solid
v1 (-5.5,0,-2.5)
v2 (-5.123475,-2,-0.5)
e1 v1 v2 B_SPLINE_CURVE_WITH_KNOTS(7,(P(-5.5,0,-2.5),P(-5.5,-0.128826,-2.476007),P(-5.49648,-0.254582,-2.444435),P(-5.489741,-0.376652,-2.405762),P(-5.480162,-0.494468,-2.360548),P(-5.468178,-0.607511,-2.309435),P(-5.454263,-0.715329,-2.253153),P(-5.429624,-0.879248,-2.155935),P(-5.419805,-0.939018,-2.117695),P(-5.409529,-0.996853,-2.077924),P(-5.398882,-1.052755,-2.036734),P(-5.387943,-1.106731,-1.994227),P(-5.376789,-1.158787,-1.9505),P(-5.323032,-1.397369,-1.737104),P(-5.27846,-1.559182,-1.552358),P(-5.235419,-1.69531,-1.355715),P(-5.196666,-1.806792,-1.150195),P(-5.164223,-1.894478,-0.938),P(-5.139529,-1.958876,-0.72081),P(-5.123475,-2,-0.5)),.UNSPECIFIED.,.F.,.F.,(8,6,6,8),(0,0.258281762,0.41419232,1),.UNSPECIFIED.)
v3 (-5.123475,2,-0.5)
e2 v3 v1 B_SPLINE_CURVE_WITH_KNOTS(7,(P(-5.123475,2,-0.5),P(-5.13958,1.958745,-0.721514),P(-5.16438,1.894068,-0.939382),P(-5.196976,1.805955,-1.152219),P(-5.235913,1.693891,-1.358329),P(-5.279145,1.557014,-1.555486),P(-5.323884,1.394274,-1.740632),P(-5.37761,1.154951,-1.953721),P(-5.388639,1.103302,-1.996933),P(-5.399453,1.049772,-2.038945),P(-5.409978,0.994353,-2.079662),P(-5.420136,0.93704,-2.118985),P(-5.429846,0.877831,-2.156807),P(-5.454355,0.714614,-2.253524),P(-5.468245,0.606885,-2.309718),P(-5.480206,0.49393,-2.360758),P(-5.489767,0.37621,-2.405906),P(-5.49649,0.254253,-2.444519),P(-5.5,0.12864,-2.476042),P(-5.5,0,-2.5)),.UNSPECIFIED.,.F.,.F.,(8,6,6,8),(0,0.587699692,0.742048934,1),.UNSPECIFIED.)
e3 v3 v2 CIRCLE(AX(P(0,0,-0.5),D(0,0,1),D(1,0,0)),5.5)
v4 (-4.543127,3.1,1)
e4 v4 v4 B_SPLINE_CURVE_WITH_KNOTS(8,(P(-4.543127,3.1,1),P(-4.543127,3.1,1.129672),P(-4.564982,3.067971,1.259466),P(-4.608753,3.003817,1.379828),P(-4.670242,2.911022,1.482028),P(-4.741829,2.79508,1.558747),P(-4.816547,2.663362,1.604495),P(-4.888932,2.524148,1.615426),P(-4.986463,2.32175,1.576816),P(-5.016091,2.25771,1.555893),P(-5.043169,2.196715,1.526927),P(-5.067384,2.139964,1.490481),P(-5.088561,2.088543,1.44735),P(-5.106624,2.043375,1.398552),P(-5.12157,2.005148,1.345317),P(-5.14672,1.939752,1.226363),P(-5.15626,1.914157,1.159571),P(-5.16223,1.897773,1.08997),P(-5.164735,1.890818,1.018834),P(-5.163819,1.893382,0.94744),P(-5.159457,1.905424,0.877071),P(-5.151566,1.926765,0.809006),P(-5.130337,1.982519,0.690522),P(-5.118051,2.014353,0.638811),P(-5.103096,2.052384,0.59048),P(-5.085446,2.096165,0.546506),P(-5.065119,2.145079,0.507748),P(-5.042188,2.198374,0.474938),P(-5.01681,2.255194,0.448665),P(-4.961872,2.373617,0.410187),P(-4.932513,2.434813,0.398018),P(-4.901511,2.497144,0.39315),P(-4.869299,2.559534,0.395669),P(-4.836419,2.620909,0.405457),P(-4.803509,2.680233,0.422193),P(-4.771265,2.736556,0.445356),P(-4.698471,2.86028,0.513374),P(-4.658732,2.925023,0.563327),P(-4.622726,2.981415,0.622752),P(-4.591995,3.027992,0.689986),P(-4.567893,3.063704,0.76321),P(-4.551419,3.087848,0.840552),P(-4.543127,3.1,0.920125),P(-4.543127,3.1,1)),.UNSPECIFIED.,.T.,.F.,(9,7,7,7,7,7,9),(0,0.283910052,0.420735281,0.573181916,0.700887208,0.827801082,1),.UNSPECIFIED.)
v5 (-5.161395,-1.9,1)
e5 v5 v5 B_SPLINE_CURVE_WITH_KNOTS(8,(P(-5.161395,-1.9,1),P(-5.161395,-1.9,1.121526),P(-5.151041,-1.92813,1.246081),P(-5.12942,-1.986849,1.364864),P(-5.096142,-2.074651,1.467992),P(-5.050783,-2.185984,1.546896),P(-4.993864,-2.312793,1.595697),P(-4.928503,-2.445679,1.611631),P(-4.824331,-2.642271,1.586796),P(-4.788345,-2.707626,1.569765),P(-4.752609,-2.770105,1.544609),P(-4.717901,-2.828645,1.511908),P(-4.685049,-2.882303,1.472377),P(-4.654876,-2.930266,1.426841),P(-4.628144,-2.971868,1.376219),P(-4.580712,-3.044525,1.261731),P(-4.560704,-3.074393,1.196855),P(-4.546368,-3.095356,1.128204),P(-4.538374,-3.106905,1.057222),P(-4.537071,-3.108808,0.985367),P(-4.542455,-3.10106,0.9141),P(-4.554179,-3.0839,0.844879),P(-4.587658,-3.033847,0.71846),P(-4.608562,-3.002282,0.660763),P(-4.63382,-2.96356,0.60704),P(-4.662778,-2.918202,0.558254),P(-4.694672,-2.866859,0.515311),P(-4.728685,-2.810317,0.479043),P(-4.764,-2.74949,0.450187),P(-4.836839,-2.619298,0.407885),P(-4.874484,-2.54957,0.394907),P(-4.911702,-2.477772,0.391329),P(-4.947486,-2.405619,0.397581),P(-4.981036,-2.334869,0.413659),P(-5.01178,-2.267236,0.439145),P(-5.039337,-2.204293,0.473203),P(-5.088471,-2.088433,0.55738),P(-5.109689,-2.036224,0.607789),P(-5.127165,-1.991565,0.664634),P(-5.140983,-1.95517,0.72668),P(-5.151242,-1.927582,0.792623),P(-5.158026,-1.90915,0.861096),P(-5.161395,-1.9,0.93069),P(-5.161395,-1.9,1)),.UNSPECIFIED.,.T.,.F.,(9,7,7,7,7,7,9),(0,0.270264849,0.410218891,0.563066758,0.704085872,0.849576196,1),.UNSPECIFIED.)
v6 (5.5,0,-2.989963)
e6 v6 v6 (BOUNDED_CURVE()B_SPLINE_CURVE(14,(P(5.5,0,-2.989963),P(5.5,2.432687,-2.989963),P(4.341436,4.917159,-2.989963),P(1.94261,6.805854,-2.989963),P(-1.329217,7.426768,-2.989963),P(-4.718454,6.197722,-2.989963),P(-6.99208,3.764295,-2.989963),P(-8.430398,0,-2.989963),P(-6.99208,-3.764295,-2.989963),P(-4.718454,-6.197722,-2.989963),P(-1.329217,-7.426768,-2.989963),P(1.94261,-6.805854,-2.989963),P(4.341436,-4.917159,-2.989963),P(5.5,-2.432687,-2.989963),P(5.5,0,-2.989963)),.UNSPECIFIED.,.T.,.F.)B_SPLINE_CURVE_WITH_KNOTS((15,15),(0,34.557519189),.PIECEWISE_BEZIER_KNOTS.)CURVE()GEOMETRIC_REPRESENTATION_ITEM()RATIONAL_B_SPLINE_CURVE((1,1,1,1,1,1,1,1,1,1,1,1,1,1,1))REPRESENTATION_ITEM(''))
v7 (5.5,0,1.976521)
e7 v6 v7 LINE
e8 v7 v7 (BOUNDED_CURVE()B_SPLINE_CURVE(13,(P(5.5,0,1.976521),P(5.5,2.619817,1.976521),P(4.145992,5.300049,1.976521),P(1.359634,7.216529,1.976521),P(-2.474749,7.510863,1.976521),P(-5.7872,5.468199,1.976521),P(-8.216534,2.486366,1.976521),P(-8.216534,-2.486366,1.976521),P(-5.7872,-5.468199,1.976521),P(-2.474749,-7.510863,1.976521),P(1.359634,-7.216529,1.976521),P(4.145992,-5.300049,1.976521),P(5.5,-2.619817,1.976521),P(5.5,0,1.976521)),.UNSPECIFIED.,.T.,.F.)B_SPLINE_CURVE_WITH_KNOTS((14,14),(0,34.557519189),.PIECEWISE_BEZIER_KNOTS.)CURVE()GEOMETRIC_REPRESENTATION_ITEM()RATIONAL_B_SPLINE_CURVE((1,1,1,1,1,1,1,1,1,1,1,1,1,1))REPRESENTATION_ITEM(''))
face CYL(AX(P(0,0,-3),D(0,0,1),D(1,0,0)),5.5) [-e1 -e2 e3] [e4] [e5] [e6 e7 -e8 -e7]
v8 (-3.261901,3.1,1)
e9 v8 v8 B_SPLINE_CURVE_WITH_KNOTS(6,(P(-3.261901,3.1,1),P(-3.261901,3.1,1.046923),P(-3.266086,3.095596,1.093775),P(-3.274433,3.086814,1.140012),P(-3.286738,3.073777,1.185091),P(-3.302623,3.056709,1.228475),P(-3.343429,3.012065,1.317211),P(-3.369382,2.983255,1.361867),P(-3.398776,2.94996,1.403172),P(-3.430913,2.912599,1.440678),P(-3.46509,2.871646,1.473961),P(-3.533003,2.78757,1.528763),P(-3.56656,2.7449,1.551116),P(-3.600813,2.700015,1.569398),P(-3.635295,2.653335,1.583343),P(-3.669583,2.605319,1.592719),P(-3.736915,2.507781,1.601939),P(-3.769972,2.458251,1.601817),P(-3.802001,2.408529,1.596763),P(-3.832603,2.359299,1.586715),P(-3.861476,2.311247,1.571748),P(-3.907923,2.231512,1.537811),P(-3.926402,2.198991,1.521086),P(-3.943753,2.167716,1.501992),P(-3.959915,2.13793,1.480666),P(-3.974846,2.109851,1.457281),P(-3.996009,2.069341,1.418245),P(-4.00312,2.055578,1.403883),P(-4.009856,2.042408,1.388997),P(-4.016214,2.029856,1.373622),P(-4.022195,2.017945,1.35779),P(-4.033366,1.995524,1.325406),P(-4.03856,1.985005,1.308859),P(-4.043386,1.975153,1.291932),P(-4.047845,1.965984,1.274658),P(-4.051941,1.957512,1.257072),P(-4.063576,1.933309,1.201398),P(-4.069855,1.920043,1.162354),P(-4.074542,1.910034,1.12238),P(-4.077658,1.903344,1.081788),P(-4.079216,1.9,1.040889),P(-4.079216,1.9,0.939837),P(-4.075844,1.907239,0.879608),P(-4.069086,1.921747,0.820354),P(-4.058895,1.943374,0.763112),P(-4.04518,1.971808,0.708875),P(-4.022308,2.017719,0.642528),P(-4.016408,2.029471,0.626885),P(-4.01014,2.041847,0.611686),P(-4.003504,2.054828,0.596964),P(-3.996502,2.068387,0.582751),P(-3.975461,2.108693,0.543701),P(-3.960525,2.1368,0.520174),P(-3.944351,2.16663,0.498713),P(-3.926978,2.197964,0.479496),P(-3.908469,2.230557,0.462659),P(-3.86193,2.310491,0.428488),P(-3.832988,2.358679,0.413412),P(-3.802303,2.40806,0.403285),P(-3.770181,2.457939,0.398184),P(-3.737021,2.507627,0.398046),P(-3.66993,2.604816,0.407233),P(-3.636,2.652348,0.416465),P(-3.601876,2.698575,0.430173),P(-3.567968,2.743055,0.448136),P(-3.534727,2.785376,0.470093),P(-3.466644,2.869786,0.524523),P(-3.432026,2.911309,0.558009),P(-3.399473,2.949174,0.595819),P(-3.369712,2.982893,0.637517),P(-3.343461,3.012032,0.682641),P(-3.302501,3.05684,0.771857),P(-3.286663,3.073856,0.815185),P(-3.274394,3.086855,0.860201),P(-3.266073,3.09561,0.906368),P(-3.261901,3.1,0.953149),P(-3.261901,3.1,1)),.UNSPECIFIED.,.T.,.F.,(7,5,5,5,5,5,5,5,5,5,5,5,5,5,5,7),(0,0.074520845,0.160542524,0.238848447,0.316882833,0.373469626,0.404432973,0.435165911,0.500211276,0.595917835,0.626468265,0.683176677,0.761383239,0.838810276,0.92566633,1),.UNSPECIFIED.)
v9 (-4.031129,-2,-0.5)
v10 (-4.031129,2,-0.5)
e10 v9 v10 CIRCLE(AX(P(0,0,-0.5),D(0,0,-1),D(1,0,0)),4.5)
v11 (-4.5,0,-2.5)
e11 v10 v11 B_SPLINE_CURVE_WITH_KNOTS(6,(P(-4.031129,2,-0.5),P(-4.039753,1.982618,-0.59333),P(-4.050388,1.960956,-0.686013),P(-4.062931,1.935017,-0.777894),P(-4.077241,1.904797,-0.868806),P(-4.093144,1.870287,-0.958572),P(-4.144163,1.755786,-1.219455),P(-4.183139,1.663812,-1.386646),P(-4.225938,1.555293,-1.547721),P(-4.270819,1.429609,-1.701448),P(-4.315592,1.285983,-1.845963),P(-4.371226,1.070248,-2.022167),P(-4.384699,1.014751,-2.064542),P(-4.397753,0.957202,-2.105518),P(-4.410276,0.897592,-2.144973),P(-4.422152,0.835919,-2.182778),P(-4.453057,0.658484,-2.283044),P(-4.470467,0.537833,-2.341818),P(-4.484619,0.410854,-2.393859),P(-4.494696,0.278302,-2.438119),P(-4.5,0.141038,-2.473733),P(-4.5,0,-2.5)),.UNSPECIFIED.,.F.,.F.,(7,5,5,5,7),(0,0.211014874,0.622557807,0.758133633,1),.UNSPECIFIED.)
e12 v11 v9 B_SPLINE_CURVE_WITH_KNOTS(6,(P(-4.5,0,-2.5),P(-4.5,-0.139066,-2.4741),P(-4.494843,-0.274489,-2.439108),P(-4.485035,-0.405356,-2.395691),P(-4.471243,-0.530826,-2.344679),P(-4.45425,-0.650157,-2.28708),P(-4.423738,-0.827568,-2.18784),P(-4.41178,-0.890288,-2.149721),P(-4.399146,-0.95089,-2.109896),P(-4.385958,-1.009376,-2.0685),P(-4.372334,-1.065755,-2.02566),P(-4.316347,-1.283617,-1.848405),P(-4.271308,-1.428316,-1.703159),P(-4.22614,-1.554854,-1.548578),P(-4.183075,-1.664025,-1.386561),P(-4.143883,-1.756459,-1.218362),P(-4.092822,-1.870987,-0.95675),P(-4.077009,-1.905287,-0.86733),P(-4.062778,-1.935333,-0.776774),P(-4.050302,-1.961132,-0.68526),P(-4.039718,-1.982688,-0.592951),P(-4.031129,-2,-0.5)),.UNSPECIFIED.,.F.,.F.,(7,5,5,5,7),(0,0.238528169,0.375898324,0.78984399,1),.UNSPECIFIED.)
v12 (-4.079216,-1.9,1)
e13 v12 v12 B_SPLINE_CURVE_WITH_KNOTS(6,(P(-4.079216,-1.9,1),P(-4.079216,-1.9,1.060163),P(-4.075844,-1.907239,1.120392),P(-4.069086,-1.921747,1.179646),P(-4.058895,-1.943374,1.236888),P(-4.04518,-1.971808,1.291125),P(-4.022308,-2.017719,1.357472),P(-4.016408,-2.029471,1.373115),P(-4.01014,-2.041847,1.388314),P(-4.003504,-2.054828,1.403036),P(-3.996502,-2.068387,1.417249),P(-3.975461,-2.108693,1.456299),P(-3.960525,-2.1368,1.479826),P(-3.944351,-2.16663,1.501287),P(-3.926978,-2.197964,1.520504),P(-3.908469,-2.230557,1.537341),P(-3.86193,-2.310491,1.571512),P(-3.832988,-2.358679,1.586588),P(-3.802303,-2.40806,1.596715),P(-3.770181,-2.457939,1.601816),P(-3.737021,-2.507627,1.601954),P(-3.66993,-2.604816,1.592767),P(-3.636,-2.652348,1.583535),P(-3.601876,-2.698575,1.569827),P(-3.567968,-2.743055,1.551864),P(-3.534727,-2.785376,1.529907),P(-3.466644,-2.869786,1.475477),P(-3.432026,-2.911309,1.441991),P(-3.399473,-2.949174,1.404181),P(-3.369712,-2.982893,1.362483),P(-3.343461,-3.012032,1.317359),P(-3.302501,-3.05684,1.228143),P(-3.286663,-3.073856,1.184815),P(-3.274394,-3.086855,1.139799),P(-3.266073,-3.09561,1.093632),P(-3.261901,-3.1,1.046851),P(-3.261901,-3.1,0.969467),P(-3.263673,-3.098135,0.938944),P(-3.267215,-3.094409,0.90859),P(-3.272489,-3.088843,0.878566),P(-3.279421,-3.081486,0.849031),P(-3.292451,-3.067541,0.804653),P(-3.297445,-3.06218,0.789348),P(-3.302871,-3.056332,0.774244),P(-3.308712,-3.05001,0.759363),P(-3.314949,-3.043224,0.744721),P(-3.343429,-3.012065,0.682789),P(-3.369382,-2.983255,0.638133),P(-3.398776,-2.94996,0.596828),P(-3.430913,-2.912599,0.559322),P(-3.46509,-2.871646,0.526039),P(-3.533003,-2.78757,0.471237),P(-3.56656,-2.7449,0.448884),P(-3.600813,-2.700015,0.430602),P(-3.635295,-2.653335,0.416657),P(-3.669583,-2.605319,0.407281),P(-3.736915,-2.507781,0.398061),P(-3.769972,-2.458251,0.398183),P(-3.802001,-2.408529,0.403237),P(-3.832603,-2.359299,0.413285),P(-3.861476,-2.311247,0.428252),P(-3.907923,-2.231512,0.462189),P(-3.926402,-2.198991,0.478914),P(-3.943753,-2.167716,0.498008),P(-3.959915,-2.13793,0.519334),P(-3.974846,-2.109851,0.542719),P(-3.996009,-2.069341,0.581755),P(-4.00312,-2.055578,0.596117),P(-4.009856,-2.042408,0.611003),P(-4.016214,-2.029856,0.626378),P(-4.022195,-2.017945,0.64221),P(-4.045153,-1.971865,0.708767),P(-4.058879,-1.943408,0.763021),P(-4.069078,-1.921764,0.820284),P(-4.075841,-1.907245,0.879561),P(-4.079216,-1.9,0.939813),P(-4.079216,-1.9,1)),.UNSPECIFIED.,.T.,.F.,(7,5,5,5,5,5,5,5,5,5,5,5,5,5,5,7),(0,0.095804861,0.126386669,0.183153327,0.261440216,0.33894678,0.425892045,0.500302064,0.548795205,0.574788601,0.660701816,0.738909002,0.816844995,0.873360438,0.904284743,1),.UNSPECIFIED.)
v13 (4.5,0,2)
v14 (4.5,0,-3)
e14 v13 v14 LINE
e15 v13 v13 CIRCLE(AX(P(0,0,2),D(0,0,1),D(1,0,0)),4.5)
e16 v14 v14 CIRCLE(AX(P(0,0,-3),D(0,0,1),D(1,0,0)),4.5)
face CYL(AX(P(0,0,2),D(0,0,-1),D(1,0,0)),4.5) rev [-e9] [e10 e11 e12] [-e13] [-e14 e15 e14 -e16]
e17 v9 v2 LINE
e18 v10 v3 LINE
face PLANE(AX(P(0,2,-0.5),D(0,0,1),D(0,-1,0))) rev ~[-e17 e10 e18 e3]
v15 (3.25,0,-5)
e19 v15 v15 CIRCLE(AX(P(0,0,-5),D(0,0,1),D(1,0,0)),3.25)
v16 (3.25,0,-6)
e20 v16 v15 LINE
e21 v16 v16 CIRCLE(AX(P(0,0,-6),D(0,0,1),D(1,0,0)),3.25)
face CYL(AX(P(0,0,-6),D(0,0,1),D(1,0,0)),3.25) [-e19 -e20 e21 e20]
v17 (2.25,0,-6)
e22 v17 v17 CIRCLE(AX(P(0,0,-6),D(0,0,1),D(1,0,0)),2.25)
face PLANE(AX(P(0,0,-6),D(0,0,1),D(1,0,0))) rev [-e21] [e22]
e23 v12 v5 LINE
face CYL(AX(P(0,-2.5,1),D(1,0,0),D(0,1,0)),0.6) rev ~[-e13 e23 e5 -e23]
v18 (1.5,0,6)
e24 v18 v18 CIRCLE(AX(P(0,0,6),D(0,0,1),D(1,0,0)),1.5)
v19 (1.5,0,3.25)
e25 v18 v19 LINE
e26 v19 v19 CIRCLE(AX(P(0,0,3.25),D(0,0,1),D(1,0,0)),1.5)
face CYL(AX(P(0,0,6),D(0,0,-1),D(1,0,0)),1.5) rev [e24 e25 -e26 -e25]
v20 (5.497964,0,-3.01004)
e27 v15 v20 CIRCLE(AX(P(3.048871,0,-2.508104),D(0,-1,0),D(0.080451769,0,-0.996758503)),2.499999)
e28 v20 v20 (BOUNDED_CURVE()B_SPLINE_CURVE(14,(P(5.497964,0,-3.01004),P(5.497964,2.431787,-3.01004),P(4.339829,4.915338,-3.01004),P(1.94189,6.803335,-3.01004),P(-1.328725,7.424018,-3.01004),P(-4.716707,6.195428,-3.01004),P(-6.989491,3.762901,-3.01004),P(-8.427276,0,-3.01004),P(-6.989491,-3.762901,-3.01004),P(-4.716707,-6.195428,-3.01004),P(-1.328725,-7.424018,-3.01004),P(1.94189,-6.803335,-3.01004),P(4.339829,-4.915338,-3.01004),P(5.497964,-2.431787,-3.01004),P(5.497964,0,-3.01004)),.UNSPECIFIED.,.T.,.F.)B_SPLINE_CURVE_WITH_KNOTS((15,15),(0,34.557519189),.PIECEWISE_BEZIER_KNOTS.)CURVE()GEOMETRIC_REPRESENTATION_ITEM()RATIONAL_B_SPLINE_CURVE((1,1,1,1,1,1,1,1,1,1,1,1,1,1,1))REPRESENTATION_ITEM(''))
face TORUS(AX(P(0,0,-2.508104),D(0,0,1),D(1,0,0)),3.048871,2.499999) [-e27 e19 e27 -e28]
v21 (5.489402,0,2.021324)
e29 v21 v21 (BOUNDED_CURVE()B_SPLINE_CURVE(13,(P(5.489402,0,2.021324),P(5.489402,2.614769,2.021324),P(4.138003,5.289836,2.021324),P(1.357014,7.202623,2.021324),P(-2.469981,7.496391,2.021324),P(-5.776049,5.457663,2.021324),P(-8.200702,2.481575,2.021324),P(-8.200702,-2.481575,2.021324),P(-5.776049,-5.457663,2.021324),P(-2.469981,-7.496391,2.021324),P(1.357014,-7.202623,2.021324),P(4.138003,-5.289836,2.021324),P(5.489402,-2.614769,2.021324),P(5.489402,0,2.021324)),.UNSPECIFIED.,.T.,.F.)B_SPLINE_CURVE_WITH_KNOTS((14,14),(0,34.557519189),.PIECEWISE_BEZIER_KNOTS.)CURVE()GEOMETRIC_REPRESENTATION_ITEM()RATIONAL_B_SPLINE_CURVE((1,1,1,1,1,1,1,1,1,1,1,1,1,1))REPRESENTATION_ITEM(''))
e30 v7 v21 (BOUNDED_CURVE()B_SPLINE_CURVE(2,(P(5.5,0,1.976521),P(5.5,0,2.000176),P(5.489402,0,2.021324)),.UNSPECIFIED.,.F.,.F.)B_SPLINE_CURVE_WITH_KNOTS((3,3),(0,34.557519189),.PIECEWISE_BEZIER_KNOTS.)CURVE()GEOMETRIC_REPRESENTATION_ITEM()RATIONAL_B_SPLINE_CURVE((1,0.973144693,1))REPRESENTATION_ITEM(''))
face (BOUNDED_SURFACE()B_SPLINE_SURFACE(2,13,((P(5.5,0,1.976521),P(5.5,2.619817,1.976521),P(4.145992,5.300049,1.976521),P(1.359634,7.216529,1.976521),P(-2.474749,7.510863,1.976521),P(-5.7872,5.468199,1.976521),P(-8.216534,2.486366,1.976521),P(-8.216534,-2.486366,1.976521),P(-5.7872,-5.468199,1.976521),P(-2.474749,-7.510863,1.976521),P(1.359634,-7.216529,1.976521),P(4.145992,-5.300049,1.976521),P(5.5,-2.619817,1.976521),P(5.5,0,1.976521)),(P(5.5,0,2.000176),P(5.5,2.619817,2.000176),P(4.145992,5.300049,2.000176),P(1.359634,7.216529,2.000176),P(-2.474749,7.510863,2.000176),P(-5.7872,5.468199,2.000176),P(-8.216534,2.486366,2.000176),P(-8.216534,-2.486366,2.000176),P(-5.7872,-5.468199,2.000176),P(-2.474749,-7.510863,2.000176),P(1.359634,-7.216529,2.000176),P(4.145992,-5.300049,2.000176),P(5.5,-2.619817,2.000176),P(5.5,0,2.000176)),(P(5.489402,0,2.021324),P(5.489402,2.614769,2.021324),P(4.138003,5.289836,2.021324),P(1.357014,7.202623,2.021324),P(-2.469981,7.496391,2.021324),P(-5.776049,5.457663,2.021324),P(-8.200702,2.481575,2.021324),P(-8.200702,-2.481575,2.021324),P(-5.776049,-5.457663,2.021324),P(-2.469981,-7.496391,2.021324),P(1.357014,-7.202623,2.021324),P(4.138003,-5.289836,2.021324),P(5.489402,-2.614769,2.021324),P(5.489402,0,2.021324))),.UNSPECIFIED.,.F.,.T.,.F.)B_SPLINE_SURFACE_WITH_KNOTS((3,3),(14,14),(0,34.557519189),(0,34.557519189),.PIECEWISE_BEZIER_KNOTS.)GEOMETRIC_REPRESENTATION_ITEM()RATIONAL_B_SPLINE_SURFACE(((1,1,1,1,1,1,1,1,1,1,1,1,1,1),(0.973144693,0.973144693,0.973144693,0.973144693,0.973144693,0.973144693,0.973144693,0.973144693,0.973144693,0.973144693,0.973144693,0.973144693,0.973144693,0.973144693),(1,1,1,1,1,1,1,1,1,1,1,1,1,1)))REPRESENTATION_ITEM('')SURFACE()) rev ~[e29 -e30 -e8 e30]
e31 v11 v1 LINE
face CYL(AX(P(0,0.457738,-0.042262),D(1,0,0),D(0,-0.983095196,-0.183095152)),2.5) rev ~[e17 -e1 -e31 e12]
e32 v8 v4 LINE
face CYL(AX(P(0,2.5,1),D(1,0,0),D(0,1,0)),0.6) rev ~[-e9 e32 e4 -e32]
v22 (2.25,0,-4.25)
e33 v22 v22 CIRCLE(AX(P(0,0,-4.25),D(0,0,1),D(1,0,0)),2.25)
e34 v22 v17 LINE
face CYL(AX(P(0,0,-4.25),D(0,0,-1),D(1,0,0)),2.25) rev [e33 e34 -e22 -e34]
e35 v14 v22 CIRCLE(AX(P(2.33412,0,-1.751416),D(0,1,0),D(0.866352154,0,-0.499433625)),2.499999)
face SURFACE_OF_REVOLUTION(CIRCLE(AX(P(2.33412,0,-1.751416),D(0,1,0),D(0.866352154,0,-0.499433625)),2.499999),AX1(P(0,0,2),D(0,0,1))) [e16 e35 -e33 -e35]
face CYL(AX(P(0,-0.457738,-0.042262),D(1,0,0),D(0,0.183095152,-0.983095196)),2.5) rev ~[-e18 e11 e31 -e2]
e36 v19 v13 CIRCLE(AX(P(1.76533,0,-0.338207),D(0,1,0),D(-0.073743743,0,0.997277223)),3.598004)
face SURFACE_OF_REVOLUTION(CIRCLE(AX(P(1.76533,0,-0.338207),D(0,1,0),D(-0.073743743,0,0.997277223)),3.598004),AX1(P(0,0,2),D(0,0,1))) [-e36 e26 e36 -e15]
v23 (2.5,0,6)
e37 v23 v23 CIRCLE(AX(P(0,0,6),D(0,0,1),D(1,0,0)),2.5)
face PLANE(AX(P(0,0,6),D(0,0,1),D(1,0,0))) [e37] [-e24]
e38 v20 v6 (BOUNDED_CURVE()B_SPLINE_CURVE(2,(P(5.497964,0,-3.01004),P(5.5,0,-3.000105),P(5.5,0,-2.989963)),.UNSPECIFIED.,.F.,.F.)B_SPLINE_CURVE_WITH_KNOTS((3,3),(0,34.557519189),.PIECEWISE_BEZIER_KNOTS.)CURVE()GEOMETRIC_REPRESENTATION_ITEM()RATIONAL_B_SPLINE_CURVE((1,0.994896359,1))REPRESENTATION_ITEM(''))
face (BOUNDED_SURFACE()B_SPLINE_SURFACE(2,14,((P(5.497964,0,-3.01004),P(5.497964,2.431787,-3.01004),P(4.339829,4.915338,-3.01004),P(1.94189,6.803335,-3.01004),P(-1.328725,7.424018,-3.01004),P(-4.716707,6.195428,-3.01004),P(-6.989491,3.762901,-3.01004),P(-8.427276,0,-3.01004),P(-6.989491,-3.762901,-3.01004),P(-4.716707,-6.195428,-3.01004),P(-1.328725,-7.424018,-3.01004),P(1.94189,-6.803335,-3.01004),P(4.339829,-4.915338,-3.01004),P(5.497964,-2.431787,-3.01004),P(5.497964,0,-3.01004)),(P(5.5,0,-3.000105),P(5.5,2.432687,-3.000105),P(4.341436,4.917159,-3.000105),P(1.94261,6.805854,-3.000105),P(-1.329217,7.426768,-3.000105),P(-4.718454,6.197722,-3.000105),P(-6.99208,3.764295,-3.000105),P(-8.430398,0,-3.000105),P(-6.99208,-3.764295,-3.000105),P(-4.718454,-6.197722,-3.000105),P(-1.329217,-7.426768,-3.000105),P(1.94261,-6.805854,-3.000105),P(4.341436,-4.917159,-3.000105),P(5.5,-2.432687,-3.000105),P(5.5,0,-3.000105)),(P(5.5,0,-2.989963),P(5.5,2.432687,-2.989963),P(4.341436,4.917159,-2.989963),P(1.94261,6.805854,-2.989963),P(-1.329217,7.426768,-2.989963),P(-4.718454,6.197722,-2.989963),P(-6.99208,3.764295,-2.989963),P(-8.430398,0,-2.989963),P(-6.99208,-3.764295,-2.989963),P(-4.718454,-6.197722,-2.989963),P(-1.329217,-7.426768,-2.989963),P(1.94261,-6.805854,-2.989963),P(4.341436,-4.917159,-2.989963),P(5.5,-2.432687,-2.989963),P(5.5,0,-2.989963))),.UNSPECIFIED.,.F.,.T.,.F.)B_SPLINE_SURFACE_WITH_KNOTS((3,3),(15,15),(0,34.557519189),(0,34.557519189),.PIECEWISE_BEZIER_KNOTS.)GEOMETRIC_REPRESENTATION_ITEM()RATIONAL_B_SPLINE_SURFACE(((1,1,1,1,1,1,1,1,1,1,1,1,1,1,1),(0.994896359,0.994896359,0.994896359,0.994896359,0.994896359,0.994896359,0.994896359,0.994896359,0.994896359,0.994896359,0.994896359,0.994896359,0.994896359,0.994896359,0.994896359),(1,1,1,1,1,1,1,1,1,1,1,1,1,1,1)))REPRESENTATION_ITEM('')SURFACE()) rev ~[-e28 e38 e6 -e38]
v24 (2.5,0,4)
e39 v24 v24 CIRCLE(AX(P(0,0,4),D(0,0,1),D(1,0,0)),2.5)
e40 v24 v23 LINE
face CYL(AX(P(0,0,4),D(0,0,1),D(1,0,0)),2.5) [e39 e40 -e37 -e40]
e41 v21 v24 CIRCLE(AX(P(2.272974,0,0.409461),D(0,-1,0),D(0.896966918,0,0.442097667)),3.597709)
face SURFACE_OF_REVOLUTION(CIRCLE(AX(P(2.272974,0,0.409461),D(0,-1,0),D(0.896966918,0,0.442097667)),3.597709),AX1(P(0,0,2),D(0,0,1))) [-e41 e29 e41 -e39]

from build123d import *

# Parameters (mm, degrees)
F2_R     = 0.1
F3_R     = 0.6
F4_DEPTH = 25


with BuildPart() as f1:
    # F0 (on Front) → F1 (revolve)
    with BuildSketch(Plane.XZ):
        with BuildLine():
            Line((2.5, 6), (1.5, 6))
            Line((1.5, 6), (1.5, 3.25))
            ThreePointArc((1.5, 3.25), (3.149178, 2.983027), (4.5, 2))
            Line((4.5, 2), (4.5, -3))
            ThreePointArc((4.5, -3), (3.548227, -3.936809), (2.25, -4.25))
            Line((2.25, -4.25), (2.25, -6))
            Line((2.25, -6), (3.25, -6))
            Line((3.25, -6), (3.25, -5))
            ThreePointArc((3.25, -5), (4.70978, -4.376627), (5.5, -3))
            Line((5.5, -3), (5.5, 2))
            ThreePointArc((5.5, 2), (4.268624, 3.402936), (2.5, 4))
            Line((2.5, 4), (2.5, 6))
        make_face()
    revolve(axis=Axis((0, 0, 2), (0, 0, 1)))

    # F2
    f2_edges = [f1.edges().sort_by_distance(p)[0] for p in [
        (-5.5, 0, 2),
        (-5.5, 0, -3),
    ]]
    fillet(f2_edges, radius=F2_R)

    # F3 (on Right) → F4 (cut)
    with BuildSketch(Plane.YZ):
        with Locations((-2.5, 1)):
            Circle(F3_R)
        with Locations((2.5, 1)):
            Circle(F3_R)
        with BuildLine():
            Line((2, -0.5), (0, -0.5))
            Line((0, -0.5), (0, -2.5))
            ThreePointArc((0, -2.5), (1.310029, -1.810029), (2, -0.5))
        make_face()
        with BuildLine():
            Line((0, -2.5), (0, -0.5))
            Line((0, -0.5), (-2, -0.5))
            ThreePointArc((-2, -0.5), (-1.310029, -1.810029), (0, -2.5))
        make_face()
    extrude(amount=-F4_DEPTH, mode=Mode.SUBTRACT)


solid = f1.part
